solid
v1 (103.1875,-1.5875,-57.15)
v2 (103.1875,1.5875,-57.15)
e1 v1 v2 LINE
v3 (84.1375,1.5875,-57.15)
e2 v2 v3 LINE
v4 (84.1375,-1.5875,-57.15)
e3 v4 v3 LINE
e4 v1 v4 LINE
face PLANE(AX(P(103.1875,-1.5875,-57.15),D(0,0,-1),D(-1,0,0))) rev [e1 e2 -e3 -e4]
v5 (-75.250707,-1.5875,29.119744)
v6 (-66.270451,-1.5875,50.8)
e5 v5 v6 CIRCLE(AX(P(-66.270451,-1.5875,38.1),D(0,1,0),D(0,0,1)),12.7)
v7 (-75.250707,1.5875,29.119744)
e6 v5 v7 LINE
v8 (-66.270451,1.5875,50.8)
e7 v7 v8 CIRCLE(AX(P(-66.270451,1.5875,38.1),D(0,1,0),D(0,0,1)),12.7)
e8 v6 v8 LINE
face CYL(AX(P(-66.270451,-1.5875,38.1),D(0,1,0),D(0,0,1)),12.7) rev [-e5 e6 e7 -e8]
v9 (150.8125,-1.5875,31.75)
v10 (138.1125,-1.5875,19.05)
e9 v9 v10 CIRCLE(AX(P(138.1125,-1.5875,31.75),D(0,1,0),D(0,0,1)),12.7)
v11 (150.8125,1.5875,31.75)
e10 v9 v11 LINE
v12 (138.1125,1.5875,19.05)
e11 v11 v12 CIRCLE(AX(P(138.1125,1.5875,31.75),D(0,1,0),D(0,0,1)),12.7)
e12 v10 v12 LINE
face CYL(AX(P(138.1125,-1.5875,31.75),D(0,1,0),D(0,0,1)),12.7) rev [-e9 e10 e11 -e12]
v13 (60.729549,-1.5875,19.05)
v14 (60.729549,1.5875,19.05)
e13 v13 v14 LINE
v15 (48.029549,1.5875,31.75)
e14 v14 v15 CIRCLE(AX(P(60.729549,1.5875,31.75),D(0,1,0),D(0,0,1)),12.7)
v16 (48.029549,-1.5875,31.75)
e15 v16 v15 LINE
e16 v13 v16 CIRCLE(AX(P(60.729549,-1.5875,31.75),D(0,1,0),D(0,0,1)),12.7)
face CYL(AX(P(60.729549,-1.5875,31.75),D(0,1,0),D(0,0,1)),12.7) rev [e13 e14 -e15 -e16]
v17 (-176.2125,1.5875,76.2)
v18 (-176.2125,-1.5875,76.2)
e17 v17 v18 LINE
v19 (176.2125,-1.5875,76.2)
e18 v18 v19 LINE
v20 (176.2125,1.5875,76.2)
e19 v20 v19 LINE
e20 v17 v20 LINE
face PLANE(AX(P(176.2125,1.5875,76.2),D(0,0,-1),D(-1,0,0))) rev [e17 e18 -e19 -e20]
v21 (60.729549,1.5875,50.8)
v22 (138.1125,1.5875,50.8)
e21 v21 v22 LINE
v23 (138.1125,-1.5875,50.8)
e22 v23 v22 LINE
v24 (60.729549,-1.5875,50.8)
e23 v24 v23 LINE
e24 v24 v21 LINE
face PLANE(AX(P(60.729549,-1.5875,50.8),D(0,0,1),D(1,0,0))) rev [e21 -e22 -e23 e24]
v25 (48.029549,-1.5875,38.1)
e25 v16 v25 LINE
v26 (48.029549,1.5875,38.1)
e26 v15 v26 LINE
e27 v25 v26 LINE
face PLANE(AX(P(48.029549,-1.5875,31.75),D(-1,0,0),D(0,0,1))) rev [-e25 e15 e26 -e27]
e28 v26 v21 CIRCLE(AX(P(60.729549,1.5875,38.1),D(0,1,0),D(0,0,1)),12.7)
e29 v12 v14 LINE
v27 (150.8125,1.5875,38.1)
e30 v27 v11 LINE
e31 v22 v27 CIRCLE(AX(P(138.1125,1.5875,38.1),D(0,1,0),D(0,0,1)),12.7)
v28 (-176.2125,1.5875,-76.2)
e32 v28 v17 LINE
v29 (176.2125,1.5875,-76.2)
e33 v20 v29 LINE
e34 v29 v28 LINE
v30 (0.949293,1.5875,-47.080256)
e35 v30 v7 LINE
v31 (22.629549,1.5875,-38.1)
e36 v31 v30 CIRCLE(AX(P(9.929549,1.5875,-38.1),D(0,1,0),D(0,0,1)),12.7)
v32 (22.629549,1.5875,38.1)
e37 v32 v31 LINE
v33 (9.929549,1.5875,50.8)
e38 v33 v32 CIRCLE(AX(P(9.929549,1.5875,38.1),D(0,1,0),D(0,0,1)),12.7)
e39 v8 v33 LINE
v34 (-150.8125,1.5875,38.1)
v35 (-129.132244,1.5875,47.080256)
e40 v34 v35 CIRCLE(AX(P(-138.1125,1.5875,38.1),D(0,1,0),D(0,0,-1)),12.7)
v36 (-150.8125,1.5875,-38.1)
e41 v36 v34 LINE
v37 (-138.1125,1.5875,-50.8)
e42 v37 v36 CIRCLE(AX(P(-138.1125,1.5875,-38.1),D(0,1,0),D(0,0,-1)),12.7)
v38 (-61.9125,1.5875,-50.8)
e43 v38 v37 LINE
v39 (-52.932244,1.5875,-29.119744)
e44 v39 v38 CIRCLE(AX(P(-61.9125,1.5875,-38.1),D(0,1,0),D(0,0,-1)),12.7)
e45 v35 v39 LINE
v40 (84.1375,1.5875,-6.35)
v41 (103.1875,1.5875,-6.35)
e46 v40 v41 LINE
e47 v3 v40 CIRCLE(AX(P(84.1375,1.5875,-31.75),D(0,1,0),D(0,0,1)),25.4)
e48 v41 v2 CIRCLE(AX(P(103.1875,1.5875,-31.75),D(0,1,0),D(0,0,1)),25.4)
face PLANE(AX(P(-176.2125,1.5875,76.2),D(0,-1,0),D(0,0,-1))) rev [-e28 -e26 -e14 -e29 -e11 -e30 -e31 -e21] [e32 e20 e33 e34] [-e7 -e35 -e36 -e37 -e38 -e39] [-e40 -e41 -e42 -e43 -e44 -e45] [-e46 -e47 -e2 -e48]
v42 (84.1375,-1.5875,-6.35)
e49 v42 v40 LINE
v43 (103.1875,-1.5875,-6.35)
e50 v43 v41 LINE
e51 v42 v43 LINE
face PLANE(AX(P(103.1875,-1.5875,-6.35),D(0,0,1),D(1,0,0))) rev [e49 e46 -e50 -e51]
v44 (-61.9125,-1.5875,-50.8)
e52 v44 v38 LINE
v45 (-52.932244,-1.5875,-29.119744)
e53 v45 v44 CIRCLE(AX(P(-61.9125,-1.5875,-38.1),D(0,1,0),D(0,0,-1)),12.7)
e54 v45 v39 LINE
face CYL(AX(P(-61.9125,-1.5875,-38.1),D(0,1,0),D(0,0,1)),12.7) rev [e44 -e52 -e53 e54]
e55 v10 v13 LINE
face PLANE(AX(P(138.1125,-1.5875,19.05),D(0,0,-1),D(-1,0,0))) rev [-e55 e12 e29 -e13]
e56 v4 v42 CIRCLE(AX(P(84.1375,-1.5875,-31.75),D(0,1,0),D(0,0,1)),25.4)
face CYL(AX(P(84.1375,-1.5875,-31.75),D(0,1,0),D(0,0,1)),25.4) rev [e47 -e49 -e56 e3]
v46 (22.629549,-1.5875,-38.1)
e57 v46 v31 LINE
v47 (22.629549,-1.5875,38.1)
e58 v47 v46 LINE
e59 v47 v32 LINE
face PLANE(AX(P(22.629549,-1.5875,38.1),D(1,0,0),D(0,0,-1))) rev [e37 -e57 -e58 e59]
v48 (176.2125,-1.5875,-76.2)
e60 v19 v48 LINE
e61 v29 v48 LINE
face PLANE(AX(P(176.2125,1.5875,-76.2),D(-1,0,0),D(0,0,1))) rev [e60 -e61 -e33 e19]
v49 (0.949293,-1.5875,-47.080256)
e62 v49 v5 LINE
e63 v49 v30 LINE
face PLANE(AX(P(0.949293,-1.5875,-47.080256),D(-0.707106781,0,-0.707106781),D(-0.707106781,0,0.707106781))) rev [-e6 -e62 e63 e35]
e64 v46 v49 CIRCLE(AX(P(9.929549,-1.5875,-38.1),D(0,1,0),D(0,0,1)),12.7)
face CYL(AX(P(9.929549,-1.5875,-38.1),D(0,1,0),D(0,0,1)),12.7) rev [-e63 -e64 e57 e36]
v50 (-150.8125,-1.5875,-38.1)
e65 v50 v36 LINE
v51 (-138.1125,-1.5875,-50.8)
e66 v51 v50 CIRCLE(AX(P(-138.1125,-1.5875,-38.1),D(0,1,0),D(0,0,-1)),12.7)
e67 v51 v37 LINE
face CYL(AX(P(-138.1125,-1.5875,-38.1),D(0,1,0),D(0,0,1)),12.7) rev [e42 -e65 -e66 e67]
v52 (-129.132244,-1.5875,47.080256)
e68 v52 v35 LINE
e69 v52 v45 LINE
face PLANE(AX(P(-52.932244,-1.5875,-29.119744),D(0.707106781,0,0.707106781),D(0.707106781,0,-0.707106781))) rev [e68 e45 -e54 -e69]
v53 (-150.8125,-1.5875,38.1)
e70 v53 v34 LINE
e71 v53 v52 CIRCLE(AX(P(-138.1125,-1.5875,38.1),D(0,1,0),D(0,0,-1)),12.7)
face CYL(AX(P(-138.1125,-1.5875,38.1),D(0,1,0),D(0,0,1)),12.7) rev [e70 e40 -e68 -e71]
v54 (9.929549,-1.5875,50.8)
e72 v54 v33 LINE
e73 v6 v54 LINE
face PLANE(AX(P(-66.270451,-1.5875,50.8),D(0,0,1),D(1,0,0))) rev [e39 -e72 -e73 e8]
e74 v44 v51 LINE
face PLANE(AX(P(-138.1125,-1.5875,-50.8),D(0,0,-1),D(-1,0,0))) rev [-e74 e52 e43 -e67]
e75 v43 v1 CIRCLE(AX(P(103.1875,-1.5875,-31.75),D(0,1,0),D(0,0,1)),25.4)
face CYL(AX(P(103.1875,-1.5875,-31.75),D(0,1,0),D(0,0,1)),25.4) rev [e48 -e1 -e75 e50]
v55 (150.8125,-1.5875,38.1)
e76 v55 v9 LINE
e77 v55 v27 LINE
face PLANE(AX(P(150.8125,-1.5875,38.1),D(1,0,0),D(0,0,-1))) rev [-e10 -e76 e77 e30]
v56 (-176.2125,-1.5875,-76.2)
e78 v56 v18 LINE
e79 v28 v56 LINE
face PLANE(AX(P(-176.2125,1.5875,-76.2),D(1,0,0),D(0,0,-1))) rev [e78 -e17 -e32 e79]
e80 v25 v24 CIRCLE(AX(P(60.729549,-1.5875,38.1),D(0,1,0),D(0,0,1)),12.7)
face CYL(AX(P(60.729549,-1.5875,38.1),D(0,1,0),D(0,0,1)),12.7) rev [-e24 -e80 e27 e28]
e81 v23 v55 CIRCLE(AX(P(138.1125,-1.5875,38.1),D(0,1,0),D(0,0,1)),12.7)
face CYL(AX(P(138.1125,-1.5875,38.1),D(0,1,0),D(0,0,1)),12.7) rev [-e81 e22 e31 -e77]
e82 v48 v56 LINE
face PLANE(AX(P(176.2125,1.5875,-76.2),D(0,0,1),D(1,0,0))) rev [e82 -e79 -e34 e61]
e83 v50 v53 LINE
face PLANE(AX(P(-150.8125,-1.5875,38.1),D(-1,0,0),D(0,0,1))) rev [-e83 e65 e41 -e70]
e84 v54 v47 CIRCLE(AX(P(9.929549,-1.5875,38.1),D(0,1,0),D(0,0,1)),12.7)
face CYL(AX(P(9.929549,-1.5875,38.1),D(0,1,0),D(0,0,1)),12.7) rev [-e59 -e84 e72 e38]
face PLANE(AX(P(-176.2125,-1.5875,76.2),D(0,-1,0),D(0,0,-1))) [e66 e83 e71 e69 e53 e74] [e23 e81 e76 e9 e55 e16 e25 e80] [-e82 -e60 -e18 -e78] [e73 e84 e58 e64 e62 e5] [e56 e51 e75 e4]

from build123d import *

# Parameters (mm, degrees)
SKETCH1_W           = 352.425
SKETCH1_H           = 152.4
BOSS_EXTRUDE1_DEPTH = 1.5875
CUT_EXTRUDE1_DEPTH  = 4.175


with BuildPart() as part:
    # Sketch1 → Boss-Extrude1 (new body, symmetric)
    with BuildSketch(Plane(origin=(0, 0, 0), x_dir=(1, 0, 0), z_dir=(0, 1, 0))):
        Rectangle(SKETCH1_W, SKETCH1_H)
    extrude(amount=BOSS_EXTRUDE1_DEPTH, both=True)

    # Sketch2 → Cut-Extrude1 (cut, through all)
    with BuildSketch(Plane(origin=(0, 1.5875, 0), x_dir=(1, 0, 0), z_dir=(0, 1, 0))):
        with BuildLine():
            Line((103.1875, 6.35), (84.1375, 6.35))
            ThreePointArc((84.1375, 6.35), (58.7375, 31.75), (84.1375, 57.15))
            Line((84.1375, 57.15), (103.1875, 57.15))
            ThreePointArc((103.1875, 57.15), (128.5875, 31.75), (103.1875, 6.35))
        make_face()
        with BuildLine():
            Line((-138.1125, 50.8), (-61.9125, 50.8))
            ThreePointArc((-61.9125, 50.8), (-50.179229937, 42.960079591), (-52.932243879, 29.119743879))
            Line((-52.932243879, 29.119743879), (-129.132243879, -47.080256121))
            ThreePointArc((-129.132243879, -47.080256121), (-142.972579591, -49.833270063), (-150.8125, -38.1))
            Line((-150.8125, -38.1), (-150.8125, 38.1))
            ThreePointArc((-150.8125, 38.1), (-147.092756121, 47.080256121), (-138.1125, 50.8))
        make_face()
        with BuildLine():
            Line((-66.270451031, -50.8), (9.929548969, -50.8))
            ThreePointArc((9.929548969, -50.8), (18.90980509, -47.080256121), (22.629548969, -38.1))
            Line((22.629548969, -38.1), (22.629548969, 38.1))
            ThreePointArc((22.629548969, 38.1), (14.78962856, 49.833270063), (0.949292847, 47.080256121))
            Line((0.949292847, 47.080256121), (-75.250707153, -29.119743879))
            ThreePointArc((-75.250707153, -29.119743879), (-78.003721094, -42.960079591), (-66.270451031, -50.8))
        make_face()
        with BuildLine():
            Line((60.729548969, -50.8), (138.1125, -50.8))
            ThreePointArc((138.1125, -50.8), (147.092756121, -47.080256121), (150.8125, -38.1))
            Line((150.8125, -38.1), (150.8125, -31.75))
            ThreePointArc((150.8125, -31.75), (147.092756121, -22.769743879), (138.1125, -19.05))
            Line((138.1125, -19.05), (60.729548969, -19.05))
            ThreePointArc((60.729548969, -19.05), (51.749292847, -22.769743879), (48.029548969, -31.75))
            Line((48.029548969, -31.75), (48.029548969, -38.1))
            ThreePointArc((48.029548969, -38.1), (51.749292847, -47.080256121), (60.729548969, -50.8))
        make_face()
    extrude(amount=-CUT_EXTRUDE1_DEPTH, mode=Mode.SUBTRACT)


solid = part.part
